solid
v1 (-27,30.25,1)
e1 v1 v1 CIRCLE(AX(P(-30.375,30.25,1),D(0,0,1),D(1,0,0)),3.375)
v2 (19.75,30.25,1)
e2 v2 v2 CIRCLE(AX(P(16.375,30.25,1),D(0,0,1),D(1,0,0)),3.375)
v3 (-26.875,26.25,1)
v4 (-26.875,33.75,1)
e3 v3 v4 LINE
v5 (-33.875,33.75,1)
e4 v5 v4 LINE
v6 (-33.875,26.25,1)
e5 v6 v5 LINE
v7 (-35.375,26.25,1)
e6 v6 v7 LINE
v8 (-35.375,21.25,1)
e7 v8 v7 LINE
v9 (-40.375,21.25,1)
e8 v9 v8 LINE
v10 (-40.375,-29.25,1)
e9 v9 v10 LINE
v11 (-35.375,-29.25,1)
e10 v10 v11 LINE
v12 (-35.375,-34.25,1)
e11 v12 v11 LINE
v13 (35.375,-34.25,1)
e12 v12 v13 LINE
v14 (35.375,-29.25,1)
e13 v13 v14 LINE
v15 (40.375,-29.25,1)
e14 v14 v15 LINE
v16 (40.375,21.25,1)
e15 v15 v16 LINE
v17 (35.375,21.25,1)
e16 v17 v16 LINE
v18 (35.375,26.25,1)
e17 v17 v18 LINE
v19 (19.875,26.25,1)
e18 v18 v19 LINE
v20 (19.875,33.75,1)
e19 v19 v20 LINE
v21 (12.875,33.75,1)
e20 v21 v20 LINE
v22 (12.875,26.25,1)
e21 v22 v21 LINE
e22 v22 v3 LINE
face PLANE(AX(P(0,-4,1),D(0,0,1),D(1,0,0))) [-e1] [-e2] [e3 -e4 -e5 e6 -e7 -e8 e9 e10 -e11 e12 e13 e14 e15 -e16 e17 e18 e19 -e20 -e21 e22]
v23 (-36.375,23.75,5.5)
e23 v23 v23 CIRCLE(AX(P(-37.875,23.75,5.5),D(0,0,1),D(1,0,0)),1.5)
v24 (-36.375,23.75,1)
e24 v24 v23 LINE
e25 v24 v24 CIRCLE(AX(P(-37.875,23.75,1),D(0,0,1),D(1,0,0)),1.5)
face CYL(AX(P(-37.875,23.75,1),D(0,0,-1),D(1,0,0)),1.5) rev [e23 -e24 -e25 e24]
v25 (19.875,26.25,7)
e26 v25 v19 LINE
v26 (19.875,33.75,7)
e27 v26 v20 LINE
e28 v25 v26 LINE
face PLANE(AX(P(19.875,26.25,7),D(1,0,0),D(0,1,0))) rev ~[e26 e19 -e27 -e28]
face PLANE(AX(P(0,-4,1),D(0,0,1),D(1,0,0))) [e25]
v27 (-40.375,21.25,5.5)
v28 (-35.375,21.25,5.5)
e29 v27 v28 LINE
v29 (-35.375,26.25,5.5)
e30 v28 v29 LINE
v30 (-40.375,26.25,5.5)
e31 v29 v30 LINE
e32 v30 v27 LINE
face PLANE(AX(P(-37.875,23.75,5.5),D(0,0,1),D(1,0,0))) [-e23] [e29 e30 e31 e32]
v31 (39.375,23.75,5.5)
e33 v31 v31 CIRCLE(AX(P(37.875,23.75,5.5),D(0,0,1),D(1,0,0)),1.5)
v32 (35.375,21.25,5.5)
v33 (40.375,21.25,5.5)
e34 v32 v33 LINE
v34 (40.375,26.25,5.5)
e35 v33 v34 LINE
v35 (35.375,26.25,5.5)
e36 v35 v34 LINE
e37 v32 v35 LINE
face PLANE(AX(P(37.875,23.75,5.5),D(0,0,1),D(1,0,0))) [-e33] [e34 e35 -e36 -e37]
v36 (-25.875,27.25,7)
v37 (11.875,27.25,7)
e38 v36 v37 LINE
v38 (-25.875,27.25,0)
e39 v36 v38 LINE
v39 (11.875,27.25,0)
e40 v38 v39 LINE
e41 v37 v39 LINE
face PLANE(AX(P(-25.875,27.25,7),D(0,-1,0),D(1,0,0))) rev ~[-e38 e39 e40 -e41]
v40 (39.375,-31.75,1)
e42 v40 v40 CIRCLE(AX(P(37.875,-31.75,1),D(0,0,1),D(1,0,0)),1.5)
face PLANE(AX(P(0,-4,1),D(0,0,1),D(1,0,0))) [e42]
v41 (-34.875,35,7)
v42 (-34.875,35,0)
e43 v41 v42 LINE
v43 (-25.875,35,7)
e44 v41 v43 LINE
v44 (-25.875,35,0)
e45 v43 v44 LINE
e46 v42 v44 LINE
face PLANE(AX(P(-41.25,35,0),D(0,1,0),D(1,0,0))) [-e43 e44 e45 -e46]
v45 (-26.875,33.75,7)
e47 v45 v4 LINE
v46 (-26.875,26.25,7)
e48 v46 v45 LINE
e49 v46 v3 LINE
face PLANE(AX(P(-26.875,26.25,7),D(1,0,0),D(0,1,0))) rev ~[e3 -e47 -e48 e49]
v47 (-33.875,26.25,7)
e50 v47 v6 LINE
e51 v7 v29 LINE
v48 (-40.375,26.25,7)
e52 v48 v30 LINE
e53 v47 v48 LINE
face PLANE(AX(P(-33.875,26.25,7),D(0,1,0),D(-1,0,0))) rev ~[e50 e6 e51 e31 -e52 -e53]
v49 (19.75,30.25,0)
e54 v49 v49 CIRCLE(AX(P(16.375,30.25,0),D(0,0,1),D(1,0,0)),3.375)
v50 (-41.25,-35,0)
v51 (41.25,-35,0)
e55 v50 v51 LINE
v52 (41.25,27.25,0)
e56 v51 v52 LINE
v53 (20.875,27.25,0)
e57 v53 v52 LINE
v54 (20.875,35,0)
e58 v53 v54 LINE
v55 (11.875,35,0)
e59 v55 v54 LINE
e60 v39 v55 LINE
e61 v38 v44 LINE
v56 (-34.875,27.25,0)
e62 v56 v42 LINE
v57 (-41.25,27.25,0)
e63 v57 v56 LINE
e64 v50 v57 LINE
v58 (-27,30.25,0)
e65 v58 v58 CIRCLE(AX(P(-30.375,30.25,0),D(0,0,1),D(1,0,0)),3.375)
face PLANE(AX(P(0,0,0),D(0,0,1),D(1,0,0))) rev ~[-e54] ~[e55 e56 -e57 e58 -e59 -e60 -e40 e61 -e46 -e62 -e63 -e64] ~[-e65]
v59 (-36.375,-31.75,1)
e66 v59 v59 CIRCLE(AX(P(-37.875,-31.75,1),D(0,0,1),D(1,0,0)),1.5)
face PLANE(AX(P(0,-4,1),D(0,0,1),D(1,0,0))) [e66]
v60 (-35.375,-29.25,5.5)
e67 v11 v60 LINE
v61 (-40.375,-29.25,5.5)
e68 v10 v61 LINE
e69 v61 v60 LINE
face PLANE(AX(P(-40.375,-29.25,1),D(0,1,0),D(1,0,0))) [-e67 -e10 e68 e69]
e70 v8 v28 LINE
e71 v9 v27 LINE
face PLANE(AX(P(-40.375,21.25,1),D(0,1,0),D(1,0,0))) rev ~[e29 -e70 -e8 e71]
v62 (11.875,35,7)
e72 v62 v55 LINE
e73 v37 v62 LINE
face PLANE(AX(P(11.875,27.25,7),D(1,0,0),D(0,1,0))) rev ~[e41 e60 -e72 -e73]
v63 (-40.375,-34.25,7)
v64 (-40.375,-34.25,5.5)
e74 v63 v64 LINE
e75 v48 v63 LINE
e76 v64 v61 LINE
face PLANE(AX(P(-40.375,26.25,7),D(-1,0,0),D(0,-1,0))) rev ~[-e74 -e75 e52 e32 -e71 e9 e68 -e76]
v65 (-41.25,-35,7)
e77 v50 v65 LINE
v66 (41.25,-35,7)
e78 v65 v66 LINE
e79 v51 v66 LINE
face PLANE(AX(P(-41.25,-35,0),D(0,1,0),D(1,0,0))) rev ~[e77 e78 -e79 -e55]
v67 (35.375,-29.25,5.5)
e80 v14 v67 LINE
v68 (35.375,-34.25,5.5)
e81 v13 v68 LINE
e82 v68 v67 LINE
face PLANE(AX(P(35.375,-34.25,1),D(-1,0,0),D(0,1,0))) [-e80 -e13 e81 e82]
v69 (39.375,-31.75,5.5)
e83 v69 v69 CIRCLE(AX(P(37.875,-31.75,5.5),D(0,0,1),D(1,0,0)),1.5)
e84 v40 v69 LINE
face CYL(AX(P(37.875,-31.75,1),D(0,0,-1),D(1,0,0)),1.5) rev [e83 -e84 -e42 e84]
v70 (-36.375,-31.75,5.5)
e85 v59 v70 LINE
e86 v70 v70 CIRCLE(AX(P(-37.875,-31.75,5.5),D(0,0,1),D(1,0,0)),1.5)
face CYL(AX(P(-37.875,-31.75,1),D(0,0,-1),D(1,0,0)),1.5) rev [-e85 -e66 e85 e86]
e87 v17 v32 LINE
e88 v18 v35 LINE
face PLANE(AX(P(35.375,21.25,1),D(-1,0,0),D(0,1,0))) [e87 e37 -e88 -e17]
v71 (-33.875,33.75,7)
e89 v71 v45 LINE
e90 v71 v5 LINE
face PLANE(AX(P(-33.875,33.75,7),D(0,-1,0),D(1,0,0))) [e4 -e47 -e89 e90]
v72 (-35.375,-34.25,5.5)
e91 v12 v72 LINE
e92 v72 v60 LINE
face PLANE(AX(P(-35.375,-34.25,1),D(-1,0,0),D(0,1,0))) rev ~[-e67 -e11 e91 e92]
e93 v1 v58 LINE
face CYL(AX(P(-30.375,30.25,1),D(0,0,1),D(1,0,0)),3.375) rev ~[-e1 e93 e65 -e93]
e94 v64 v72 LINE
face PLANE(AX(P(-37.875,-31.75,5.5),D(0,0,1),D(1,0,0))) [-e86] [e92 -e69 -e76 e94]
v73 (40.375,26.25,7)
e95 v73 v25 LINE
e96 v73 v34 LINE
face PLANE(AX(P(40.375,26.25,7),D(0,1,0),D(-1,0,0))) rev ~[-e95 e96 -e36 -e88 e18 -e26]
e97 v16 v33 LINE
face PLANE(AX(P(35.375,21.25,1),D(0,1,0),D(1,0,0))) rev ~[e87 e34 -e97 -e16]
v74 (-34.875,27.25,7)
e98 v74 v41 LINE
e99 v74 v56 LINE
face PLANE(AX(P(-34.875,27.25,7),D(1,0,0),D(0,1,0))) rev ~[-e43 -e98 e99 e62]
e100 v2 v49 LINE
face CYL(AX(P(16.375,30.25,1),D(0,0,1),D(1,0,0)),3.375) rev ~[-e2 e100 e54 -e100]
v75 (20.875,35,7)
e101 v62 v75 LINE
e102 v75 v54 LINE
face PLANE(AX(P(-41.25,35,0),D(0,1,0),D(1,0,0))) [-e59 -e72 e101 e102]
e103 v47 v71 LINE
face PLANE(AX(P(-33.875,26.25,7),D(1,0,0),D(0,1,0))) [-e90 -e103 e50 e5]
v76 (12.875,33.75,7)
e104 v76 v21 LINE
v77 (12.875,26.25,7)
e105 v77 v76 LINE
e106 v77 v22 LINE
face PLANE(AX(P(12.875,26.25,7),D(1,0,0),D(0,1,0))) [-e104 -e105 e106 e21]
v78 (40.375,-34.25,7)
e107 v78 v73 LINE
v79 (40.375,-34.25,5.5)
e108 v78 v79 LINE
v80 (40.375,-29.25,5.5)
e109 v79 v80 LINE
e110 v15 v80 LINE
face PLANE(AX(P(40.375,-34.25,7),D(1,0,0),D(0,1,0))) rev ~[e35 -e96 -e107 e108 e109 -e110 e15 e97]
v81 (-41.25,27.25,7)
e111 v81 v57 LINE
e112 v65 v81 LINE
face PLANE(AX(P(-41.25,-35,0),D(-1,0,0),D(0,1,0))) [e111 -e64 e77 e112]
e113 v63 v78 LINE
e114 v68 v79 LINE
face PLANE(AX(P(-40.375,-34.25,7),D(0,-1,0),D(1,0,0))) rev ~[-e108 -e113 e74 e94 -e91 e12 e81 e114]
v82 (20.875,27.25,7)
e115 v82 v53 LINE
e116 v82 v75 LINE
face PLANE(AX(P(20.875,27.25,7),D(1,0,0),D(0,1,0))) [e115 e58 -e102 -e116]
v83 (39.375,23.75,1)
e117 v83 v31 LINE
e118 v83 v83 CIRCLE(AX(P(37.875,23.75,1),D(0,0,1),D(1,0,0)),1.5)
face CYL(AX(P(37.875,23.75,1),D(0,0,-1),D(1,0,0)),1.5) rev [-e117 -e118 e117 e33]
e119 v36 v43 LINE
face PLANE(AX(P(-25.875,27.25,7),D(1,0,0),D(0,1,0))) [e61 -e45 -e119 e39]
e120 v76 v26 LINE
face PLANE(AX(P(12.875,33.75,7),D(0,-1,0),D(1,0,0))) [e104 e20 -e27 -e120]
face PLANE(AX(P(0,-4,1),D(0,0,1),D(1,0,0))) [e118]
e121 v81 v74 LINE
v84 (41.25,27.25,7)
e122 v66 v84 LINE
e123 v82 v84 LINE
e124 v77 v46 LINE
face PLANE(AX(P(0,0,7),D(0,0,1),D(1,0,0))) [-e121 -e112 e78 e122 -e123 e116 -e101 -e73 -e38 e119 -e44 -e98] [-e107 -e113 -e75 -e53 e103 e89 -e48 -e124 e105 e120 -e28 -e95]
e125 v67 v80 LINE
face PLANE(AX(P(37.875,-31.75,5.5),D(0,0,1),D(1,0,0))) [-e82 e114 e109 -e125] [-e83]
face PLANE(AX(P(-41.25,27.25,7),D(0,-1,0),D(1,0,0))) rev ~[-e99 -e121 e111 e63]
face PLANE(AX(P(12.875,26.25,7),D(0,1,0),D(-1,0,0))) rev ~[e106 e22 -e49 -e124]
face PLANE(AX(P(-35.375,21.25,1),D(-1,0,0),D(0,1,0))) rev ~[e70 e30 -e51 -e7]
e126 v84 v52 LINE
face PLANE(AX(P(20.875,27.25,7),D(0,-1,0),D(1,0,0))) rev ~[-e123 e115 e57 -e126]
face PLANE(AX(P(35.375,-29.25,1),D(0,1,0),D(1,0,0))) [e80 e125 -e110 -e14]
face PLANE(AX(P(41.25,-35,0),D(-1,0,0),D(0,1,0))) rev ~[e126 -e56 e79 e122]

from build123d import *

# Parameters (mm, degrees)
F0_W     = 82.5
F0_H     = 70
F1_DEPTH = 7
F2_W     = 7
F2_H     = 7.5
F3_DEPTH = 6
F4_R     = 3.375
F5_DEPTH = 25
F6_W     = 5
F6_H     = 5
F6_R     = 1.5
F7_DEPTH = 4.5
F8_W     = 6.375
F8_H     = 7.75
F8_W_2   = 37.75
F8_W_3   = 20.375
F9_DEPTH = 25


with BuildPart() as f1:
    # F0 (on Top) → F1 (new body)
    with BuildSketch(Plane.XY):
        Rectangle(F0_W, F0_H)
    extrude(amount=F1_DEPTH)

    # F2 (on face) → F3 (cut)
    with BuildSketch(Plane.XY.offset(7)):
        Polygon((40.375, -34.25), (40.375, 26.25), (19.875, 26.25), (12.875, 26.25), (-26.875, 26.25), (-33.875, 26.25), (-40.375, 26.25), (-40.375, -34.25), align=None)
        with Locations((-30.375, 30)):
            Rectangle(F2_W, F2_H)
        with Locations((16.375, 30)):
            Rectangle(F2_W, F2_H)
    extrude(amount=-F3_DEPTH, mode=Mode.SUBTRACT)

    # F4 (on face) → F5 (cut)
    with BuildSketch(Plane.XY.offset(1)):
        with Locations((-30.375, 30.25)):
            Circle(F4_R)
        with Locations((16.375, 30.25)):
            Circle(F4_R)
    extrude(amount=-F5_DEPTH, mode=Mode.SUBTRACT)

    # F6 (on face) → F7 (join)
    with BuildSketch(Plane.XY.offset(1)):
        with Locations((37.875, 23.75)):
            Rectangle(F6_W, F6_H)
        with Locations((37.875, 23.75)):
            Circle(F6_R, mode=Mode.SUBTRACT)
        with Locations((37.875, -31.75)):
            Rectangle(F6_W, F6_H)
        with Locations((37.875, -31.75)):
            Circle(F6_R, mode=Mode.SUBTRACT)
        with Locations((-37.875, -31.75)):
            Rectangle(F6_W, F6_H)
        with Locations((-37.875, -31.75)):
            Circle(F6_R, mode=Mode.SUBTRACT)
        Polygon((-35.375, 26.25), (-40.375, 26.25), (-40.375, 21.25), (-35.375, 21.25), (-35.375, 23.75), align=None)
        with Locations((-37.875, 23.75)):
            Circle(F6_R, mode=Mode.SUBTRACT)
    extrude(amount=F7_DEPTH)

    # F8 (on face) → F9 (cut)
    with BuildSketch(Plane.XY.offset(7)):
        with Locations((-38.0625, 31.125)):
            Rectangle(F8_W, F8_H)
        with Locations((-7, 31.125)):
            Rectangle(F8_W_2, F8_H)
        with Locations((31.0625, 31.125)):
            Rectangle(F8_W_3, F8_H)
    extrude(amount=-F9_DEPTH, mode=Mode.SUBTRACT)


solid = f1.part
